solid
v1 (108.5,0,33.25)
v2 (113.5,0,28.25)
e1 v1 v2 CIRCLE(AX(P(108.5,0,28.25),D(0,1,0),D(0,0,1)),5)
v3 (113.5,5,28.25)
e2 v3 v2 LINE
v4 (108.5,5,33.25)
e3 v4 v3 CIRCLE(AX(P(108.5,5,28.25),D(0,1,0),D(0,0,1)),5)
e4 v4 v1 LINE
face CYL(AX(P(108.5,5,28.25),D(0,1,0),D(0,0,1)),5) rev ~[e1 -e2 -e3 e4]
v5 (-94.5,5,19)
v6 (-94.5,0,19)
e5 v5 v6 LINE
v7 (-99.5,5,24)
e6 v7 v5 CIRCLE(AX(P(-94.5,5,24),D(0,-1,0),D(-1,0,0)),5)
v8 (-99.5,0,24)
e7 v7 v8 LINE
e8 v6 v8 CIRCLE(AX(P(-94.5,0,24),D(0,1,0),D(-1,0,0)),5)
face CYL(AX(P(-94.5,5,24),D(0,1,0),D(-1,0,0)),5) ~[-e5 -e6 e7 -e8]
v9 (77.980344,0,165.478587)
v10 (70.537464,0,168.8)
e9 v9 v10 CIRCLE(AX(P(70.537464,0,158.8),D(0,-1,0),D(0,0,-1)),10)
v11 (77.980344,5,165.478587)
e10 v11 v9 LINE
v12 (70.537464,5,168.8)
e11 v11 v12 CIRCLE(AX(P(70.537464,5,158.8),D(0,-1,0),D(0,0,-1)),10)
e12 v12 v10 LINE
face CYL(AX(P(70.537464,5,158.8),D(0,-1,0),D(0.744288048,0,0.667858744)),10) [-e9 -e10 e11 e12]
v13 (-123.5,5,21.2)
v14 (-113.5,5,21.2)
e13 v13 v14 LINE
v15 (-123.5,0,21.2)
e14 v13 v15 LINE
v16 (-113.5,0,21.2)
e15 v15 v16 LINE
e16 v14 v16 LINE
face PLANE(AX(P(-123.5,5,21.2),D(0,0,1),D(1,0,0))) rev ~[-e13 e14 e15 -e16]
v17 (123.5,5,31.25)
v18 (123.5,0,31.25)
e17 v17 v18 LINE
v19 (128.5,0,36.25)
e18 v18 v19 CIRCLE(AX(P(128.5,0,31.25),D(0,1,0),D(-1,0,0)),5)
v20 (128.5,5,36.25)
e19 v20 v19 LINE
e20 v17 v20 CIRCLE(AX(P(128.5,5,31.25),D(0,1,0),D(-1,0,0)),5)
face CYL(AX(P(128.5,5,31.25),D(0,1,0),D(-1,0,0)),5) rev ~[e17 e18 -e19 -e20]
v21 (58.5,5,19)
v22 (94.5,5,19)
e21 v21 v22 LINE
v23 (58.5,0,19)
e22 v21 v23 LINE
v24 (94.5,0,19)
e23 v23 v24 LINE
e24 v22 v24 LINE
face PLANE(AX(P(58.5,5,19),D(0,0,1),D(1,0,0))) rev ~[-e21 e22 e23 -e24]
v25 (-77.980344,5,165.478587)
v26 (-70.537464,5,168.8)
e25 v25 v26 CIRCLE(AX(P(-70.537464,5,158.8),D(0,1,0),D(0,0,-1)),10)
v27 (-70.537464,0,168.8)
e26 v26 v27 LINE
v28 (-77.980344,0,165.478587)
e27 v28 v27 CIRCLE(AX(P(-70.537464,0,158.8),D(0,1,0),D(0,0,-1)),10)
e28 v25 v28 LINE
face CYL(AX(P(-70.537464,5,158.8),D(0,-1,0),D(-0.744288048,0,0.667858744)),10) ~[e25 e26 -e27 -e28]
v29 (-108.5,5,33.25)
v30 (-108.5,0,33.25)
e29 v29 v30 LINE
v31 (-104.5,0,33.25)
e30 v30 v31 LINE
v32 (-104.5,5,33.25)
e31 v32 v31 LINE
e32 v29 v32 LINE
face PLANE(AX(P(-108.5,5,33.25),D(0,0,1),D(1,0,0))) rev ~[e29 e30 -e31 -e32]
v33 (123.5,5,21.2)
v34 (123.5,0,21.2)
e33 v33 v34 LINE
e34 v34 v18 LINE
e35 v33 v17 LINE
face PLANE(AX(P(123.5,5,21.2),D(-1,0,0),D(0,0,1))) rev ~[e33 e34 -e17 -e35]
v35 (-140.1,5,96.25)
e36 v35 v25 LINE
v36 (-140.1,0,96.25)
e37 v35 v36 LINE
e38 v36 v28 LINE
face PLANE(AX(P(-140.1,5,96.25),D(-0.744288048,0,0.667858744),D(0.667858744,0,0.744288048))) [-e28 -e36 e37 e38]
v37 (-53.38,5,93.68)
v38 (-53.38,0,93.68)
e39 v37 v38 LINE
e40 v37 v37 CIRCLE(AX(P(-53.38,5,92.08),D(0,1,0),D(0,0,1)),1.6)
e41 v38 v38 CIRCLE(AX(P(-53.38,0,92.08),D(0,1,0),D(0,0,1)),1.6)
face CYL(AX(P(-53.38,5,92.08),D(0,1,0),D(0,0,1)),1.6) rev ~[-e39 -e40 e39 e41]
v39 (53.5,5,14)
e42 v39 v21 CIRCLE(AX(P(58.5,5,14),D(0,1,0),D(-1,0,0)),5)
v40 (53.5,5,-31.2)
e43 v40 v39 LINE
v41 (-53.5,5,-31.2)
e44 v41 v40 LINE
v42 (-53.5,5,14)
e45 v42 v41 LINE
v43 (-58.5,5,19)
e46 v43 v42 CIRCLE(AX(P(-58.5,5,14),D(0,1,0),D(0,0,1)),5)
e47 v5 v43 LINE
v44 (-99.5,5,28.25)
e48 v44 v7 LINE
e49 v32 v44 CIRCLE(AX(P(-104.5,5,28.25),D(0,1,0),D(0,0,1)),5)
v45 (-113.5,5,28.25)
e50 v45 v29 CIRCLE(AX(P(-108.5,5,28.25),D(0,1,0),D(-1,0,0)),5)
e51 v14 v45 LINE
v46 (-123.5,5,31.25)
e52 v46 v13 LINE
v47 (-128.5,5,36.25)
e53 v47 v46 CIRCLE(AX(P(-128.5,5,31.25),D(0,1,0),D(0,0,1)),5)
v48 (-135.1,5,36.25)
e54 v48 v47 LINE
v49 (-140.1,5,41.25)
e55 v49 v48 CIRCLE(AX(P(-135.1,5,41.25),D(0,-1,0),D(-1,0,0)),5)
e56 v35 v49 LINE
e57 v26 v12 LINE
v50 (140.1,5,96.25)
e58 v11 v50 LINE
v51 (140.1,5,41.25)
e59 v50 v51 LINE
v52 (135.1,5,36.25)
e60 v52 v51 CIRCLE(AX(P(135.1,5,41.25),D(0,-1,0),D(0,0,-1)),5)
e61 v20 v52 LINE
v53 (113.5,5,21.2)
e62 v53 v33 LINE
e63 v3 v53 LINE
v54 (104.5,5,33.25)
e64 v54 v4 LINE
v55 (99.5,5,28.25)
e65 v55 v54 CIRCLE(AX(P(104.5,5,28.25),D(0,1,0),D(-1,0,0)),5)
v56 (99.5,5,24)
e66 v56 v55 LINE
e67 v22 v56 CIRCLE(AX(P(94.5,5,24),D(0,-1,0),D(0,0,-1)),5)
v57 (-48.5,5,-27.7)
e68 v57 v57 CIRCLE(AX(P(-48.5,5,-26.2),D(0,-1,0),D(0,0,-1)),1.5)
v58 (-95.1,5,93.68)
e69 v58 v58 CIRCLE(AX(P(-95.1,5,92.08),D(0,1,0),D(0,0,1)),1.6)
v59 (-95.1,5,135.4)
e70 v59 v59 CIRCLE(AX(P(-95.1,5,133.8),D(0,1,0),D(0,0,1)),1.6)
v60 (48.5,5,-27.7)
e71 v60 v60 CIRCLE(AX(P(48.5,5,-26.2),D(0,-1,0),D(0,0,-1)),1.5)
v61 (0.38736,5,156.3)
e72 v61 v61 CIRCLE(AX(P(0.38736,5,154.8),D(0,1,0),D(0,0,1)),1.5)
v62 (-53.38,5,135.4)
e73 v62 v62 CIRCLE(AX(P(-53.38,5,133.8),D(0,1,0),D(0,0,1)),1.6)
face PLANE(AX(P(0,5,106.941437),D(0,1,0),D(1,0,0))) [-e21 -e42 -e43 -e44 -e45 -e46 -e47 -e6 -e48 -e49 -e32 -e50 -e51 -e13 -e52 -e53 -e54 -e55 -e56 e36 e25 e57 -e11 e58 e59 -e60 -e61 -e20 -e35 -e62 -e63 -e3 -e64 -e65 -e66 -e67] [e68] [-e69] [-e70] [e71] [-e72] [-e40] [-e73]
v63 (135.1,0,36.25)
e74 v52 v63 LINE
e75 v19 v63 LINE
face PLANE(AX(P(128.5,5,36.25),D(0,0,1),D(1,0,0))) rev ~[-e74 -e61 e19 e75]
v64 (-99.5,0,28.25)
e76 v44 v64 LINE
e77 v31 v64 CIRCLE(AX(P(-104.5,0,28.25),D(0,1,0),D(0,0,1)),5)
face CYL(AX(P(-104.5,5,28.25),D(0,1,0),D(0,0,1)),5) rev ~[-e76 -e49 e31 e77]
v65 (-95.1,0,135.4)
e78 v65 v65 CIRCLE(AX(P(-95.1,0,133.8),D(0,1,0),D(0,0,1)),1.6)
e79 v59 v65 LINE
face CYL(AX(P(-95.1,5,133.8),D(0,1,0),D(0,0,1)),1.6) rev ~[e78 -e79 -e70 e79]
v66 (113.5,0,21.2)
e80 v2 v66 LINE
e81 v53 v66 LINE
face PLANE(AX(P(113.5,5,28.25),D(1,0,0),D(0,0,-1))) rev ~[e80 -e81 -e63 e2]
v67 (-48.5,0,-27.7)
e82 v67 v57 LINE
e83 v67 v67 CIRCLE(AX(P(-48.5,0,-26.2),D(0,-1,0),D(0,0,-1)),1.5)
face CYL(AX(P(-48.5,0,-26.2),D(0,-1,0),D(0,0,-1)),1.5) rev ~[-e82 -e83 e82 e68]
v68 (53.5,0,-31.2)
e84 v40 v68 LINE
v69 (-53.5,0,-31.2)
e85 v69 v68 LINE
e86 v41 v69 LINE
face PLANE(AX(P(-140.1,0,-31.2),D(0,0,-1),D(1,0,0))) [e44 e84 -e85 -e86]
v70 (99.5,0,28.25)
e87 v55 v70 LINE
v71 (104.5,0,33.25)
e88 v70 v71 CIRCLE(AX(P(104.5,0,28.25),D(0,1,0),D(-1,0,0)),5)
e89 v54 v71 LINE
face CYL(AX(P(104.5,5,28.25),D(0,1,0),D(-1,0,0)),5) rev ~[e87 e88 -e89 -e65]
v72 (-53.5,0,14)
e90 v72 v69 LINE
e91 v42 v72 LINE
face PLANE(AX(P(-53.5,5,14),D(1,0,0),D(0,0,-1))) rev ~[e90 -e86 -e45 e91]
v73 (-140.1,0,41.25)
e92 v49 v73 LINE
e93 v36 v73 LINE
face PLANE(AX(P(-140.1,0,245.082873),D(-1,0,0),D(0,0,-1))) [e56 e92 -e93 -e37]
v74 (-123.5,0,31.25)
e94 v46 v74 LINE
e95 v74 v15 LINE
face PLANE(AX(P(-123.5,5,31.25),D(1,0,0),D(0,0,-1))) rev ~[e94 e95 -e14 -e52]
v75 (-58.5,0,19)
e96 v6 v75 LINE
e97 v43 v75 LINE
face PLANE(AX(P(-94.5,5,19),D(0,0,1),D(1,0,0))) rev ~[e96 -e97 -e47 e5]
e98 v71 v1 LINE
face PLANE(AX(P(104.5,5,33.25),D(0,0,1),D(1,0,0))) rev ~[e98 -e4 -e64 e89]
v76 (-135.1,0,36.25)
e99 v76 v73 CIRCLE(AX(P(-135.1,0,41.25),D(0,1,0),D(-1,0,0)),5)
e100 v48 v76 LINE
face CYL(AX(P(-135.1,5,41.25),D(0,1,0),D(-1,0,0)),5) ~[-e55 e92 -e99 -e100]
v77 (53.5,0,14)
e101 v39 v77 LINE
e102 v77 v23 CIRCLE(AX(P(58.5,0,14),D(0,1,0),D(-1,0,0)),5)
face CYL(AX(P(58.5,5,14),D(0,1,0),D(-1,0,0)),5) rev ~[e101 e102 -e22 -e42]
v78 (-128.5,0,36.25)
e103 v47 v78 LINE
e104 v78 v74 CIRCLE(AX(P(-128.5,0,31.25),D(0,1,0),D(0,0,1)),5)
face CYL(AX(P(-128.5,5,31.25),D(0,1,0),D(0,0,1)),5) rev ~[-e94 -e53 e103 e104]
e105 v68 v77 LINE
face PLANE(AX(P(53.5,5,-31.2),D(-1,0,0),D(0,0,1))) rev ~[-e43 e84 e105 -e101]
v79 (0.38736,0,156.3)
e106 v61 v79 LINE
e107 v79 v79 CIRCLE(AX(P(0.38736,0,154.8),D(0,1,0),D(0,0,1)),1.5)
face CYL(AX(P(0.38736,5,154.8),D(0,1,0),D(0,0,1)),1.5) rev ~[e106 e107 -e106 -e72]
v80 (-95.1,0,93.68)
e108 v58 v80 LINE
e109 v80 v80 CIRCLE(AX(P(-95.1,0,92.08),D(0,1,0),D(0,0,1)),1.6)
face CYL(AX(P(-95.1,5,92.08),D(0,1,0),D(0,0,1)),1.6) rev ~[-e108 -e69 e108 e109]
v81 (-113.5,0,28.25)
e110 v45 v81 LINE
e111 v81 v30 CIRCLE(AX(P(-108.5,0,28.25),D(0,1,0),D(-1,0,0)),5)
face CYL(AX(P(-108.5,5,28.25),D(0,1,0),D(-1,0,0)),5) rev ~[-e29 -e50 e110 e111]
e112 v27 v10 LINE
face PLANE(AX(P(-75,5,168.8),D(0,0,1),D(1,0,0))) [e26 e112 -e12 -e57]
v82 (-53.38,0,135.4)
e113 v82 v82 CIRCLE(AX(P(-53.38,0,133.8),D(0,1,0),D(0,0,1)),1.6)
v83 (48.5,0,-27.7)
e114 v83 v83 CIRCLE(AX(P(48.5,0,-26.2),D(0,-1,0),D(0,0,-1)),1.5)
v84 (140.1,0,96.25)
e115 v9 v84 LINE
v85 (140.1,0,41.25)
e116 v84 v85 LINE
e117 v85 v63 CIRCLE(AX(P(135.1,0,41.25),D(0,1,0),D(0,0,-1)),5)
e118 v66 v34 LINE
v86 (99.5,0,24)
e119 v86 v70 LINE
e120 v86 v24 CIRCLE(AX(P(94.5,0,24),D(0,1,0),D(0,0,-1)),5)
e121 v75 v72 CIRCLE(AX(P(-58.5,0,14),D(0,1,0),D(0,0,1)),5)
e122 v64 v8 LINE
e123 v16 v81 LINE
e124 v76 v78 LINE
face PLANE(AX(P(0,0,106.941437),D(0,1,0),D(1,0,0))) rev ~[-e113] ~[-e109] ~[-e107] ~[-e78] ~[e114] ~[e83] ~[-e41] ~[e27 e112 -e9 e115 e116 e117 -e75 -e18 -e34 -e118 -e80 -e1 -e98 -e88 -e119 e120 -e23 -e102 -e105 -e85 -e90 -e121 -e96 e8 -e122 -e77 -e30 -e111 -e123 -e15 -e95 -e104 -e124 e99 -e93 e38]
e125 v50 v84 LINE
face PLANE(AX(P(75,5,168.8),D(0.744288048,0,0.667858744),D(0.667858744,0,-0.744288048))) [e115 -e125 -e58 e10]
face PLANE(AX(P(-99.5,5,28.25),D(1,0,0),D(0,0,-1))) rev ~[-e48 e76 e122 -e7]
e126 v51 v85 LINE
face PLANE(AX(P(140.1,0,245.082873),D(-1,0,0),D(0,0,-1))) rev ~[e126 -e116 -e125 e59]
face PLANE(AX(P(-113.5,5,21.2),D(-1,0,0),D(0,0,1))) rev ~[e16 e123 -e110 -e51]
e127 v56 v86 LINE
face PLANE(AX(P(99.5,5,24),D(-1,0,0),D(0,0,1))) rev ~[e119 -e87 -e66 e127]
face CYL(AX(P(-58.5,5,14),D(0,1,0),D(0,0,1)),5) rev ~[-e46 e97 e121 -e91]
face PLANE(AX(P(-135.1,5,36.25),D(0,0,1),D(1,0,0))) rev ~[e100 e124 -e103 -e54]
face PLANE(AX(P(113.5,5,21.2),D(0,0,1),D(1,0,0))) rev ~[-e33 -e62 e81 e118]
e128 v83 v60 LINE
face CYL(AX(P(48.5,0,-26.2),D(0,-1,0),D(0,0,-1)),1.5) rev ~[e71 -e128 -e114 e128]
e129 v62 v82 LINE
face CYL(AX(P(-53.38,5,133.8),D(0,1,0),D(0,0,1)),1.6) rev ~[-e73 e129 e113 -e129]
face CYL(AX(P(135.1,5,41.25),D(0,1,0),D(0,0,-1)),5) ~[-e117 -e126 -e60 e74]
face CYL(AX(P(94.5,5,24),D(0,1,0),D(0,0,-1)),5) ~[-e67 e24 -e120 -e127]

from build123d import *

# Parameters (mm, degrees)
ESQUISSE1_W              = 280.2
ESQUISSE1_H              = 276.282873123
BOSS_EXTRU_1_DEPTH       = 5
ENL_V_MAT_EXTRU_3_DEPTH  = 283.344868376
ENL_V_MAT_EXTRU_5_DEPTH  = 283.344868376
ESQUISSE8_R              = 1.5
ENL_V_MAT_EXTRU_8_DEPTH  = 283.344868376
ENL_V_MAT_EXTRU_15_DEPTH = 283.344868376
CONG_1_R                 = 10
ESQUISSE13_R             = 1.5
ENL_V_MAT_EXTRU_16_DEPTH = 220.422993326
ESQUISSE14_R             = 1.6
ENL_V_MAT_EXTRU_17_DEPTH = 220.422993326


with BuildPart() as part:
    # Esquisse1 → Boss.-Extru.1 (new body)
    with BuildSketch(Plane(origin=(0, 0, 0), x_dir=(1, 0, 0), z_dir=(0, 1, 0))):
        with Locations((0, -106.941436562)):
            Rectangle(ESQUISSE1_W, ESQUISSE1_H)
    extrude(amount=BOSS_EXTRU_1_DEPTH)

    # Esquisse4 → Enlèv. mat.-Extru.3 (cut, through all)
    with BuildSketch(Plane(origin=(0, 5, 0), x_dir=(1, 0, 0), z_dir=(0, 1, 0))):
        with BuildLine():
            Line((140.1, -245.082873123), (101.1, -245.082873123))
            ThreePointArc((101.1, -245.082873123), (128.677164466, -233.660037589), (140.1, -206.082873123))
            Line((140.1, -206.082873123), (140.1, -245.082873123))
        make_face()
        with BuildLine():
            Line((-101.1, -245.082873123), (-140.1, -245.082873123))
            Line((-140.1, -245.082873123), (-140.1, -206.082873123))
            ThreePointArc((-140.1, -206.082873123), (-128.677164466, -233.660037589), (-101.1, -245.082873123))
        make_face()
    extrude(amount=-ENL_V_MAT_EXTRU_3_DEPTH, mode=Mode.SUBTRACT)

    # Esquisse6 → Enlèv. mat.-Extru.5 (cut, through all)
    with BuildSketch(Plane(origin=(0, 5, 0), x_dir=(1, 0, 0), z_dir=(0, 1, 0))):
        with BuildLine():
            Line((140.1, 31.2), (53.5, 31.2))
            Line((53.5, 31.2), (53.5, -14))
            ThreePointArc((53.5, -14), (54.964466094, -17.535533906), (58.5, -19))
            Line((58.5, -19), (94.5, -19))
            ThreePointArc((94.5, -19), (98.035533906, -20.464466094), (99.5, -24))
            Line((99.5, -24), (99.5, -28.25))
            ThreePointArc((99.5, -28.25), (100.964466094, -31.785533906), (104.5, -33.25))
            Line((104.5, -33.25), (108.5, -33.25))
            ThreePointArc((108.5, -33.25), (112.035533906, -31.785533906), (113.5, -28.25))
            Line((113.5, -28.25), (113.5, -21.2))
            Line((113.5, -21.2), (123.5, -21.2))
            Line((123.5, -21.2), (123.5, -31.25))
            ThreePointArc((123.5, -31.25), (124.964466094, -34.785533906), (128.5, -36.25))
            Line((128.5, -36.25), (135.1, -36.25))
            ThreePointArc((135.1, -36.25), (138.635533906, -37.714466094), (140.1, -41.25))
            Line((140.1, -41.25), (140.1, 31.2))
        make_face()
        with BuildLine():
            Line((-53.5, -14), (-53.5, 31.2))
            Line((-53.5, 31.2), (-140.1, 31.2))
            Line((-140.1, 31.2), (-140.1, -41.25))
            ThreePointArc((-140.1, -41.25), (-138.635533906, -37.714466094), (-135.1, -36.25))
            Line((-135.1, -36.25), (-128.5, -36.25))
            ThreePointArc((-128.5, -36.25), (-124.964466094, -34.785533906), (-123.5, -31.25))
            Line((-123.5, -31.25), (-123.5, -21.2))
            Line((-123.5, -21.2), (-113.5, -21.2))
            Line((-113.5, -21.2), (-113.5, -28.25))
            ThreePointArc((-113.5, -28.25), (-112.035533906, -31.785533906), (-108.5, -33.25))
            Line((-108.5, -33.25), (-104.5, -33.25))
            ThreePointArc((-104.5, -33.25), (-100.964466094, -31.785533906), (-99.5, -28.25))
            Line((-99.5, -28.25), (-99.5, -24))
            ThreePointArc((-99.5, -24), (-98.035533906, -20.464466094), (-94.5, -19))
            Line((-94.5, -19), (-58.5, -19))
            ThreePointArc((-58.5, -19), (-54.964466094, -17.535533906), (-53.5, -14))
        make_face()
    extrude(amount=-ENL_V_MAT_EXTRU_5_DEPTH, mode=Mode.SUBTRACT)

    # Esquisse8 → Enlèv. mat.-Extru.8 (cut, through all)
    with BuildSketch(Plane.XZ):
        with Locations(Location((-48.5, -26.2, 0), (0, 0, 270))):
            Circle(ESQUISSE8_R)
        with Locations(Location((48.5, -26.2, 0), (0, 0, 270))):
            Circle(ESQUISSE8_R)
    extrude(amount=-ENL_V_MAT_EXTRU_8_DEPTH, mode=Mode.SUBTRACT)

    # Esquisse12 → Enlèv. mat.-Extru.15 (cut, through all)
    with BuildSketch(Plane(origin=(0, 5, 0), x_dir=(1, 0, 0), z_dir=(0, 1, 0))):
        Polygon((-140.1, -96.25), (-75, -168.8), (75, -168.8), (140.1, -96.25), (146.03275504, -294.983631094), (-140.1, -294.983631094), align=None)
    extrude(amount=-ENL_V_MAT_EXTRU_15_DEPTH, mode=Mode.SUBTRACT)

    # Congé1
    cong_1_edges = [part.edges().sort_by_distance(p)[0] for p in [
        (-75, 2.5, 168.8),
        (75, 2.5, 168.8),
    ]]
    fillet(cong_1_edges, radius=CONG_1_R)

    # Esquisse13 → Enlèv. mat.-Extru.16 (cut, through all)
    with BuildSketch(Plane(origin=(0, 5, 0), x_dir=(1, 0, 0), z_dir=(0, 1, 0))):
        with Locations(Location((0.38736006, -154.8, 0), (0, 0, 270))):
            Circle(ESQUISSE13_R)
    extrude(amount=-ENL_V_MAT_EXTRU_16_DEPTH, mode=Mode.SUBTRACT)

    # Esquisse14 → Enlèv. mat.-Extru.17 (cut, through all)
    with BuildSketch(Plane(origin=(0, 5, 0), x_dir=(1, 0, 0), z_dir=(0, 1, 0))):
        with Locations(Location((-95.1, -133.8, 0), (0, 0, 270))):
            Circle(ESQUISSE14_R)
        with Locations(Location((-53.38, -133.8, 0), (0, 0, 270))):
            Circle(ESQUISSE14_R)
        with Locations(Location((-95.1, -92.08, 0), (0, 0, 270))):
            Circle(ESQUISSE14_R)
        with Locations(Location((-53.38, -92.08, 0), (0, 0, 270))):
            Circle(ESQUISSE14_R)
    extrude(amount=-ENL_V_MAT_EXTRU_17_DEPTH, mode=Mode.SUBTRACT)


solid = part.part
